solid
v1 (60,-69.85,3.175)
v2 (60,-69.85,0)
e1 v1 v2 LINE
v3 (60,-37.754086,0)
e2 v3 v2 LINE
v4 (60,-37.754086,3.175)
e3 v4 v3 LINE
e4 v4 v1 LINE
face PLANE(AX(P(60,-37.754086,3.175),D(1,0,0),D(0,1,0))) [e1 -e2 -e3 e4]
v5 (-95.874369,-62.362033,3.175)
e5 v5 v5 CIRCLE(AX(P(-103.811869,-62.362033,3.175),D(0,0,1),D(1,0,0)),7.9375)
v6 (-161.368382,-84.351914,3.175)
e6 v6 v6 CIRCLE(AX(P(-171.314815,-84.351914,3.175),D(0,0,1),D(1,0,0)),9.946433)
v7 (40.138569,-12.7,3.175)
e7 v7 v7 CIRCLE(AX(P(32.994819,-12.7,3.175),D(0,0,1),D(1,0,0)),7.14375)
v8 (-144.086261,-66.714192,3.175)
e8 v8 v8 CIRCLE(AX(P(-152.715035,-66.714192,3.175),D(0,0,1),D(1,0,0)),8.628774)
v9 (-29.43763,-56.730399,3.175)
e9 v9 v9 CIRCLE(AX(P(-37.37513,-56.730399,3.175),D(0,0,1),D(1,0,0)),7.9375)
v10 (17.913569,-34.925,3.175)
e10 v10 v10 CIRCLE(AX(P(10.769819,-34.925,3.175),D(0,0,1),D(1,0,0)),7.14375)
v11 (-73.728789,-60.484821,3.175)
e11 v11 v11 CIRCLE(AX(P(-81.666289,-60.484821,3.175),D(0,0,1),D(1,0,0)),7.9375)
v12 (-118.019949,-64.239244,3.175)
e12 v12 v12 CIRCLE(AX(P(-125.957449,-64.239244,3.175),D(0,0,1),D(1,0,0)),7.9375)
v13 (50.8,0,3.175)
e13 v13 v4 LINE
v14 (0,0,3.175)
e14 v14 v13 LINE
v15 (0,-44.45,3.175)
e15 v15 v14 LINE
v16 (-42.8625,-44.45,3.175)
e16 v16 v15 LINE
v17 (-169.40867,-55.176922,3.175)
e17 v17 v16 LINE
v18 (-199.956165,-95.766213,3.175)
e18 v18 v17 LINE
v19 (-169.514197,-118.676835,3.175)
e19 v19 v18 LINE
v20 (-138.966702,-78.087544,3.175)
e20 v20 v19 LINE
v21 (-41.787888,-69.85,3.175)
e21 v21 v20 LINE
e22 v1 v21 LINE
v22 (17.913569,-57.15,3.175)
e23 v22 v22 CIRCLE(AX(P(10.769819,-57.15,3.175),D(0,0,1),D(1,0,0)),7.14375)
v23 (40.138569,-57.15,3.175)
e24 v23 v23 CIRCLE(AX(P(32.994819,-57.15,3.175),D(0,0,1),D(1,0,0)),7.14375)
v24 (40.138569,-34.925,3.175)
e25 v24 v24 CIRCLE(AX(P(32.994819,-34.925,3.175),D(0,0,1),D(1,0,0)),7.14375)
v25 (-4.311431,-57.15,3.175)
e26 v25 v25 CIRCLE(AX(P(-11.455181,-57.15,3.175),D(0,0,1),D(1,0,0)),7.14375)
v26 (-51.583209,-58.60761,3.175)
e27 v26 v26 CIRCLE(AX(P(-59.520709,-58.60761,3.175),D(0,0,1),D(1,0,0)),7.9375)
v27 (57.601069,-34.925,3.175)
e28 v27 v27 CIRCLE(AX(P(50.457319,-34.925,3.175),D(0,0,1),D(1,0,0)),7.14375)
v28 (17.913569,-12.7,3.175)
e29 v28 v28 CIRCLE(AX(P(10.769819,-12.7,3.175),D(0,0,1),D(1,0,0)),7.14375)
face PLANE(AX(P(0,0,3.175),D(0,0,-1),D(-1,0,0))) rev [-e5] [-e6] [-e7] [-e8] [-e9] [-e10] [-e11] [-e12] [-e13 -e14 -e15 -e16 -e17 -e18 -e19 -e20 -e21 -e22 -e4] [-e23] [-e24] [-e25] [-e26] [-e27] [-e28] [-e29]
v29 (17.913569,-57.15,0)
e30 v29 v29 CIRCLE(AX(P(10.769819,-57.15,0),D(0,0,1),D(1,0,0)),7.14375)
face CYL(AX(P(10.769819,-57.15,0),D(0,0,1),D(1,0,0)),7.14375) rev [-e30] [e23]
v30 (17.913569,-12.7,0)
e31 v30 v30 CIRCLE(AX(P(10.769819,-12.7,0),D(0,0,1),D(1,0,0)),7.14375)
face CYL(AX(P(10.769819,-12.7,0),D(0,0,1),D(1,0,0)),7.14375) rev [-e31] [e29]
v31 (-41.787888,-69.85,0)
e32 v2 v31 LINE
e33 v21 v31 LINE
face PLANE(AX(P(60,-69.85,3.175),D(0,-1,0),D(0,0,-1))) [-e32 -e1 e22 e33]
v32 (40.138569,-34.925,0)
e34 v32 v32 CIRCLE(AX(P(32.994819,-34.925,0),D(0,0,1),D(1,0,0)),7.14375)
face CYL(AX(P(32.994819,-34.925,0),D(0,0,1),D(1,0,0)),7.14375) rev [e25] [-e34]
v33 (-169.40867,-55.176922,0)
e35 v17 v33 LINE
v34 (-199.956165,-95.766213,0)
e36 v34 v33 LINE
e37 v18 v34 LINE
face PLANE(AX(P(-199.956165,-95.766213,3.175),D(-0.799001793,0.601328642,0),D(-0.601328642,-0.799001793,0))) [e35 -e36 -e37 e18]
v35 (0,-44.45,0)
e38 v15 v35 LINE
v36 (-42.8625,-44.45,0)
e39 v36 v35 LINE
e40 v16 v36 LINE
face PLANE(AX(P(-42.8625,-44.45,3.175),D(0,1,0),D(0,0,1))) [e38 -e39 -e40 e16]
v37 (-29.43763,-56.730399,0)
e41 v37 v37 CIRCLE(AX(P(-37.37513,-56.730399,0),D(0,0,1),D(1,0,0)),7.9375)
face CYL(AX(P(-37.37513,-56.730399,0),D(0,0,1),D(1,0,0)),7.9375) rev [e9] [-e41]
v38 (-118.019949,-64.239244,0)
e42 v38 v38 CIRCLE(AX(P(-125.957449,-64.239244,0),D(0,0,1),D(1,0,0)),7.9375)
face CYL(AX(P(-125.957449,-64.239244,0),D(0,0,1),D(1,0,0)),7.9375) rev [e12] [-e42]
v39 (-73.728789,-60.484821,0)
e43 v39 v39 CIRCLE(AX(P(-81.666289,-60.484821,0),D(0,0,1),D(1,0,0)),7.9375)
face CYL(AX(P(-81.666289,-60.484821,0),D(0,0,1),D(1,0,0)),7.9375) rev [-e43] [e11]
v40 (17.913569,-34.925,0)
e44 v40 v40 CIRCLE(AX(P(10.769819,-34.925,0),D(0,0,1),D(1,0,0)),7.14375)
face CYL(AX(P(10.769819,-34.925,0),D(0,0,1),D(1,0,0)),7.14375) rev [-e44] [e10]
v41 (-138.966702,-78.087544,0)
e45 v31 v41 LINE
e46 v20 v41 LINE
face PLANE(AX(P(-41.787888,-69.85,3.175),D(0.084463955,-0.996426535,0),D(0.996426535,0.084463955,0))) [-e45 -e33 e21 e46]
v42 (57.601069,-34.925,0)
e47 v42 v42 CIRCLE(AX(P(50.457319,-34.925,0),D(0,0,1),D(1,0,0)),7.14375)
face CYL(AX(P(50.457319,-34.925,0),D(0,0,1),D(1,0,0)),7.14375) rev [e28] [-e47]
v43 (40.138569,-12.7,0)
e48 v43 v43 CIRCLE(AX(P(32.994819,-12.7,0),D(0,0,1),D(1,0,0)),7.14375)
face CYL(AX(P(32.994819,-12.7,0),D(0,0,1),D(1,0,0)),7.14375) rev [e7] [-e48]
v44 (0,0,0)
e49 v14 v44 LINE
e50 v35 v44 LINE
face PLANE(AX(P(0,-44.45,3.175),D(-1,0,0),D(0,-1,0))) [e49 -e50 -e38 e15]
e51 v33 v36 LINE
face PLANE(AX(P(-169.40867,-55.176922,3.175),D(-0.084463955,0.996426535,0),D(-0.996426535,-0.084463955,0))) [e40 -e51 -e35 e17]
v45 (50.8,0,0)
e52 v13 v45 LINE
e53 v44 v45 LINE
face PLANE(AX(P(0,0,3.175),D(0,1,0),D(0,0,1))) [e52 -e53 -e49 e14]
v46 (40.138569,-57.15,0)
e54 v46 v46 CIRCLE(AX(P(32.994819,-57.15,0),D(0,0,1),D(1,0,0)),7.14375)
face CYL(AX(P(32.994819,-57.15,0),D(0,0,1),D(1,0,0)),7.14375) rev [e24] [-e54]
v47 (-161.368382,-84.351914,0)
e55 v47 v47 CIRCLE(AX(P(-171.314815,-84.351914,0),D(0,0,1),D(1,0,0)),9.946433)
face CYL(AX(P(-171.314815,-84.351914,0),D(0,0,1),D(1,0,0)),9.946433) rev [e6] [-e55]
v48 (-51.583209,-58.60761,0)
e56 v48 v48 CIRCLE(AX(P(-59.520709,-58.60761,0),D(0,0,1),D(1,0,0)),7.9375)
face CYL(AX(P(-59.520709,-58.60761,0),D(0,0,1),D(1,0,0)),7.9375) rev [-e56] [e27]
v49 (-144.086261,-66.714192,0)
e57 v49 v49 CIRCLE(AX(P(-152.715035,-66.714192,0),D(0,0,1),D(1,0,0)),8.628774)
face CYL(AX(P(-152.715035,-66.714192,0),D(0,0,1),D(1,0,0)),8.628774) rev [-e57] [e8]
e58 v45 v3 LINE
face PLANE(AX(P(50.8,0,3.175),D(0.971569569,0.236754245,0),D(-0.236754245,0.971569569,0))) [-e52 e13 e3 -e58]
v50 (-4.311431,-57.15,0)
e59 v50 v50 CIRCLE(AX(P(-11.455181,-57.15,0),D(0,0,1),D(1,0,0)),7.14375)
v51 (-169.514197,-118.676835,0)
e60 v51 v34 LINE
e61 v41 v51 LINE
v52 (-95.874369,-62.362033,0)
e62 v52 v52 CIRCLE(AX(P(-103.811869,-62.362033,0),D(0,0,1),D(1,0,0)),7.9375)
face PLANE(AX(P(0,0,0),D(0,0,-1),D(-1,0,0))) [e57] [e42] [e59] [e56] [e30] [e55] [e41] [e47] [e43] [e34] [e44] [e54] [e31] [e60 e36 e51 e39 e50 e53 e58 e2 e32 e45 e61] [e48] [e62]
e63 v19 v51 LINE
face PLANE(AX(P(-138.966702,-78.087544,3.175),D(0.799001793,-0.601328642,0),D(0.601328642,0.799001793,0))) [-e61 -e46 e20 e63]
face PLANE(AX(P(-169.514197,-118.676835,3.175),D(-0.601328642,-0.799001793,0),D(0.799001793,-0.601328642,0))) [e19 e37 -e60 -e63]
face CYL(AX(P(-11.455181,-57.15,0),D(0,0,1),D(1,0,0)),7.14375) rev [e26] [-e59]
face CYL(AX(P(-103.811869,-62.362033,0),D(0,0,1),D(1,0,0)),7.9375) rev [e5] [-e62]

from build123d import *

# Parameters (mm, degrees)
BOSS_EXTRUDE1_DEPTH = 3.175
SKETCH2_R           = 9.946432709
SKETCH2_R_2         = 8.628774031
SKETCH2_R_3         = 7.9375
SKETCH2_R_4         = 7.14375
CUT_EXTRUDE1_DEPTH  = 4.175


with BuildPart() as part:
    # Sketch1 → Boss-Extrude1 (new body)
    with BuildSketch(Plane.XY):
        Polygon((0, 0), (50.8, 0), (60, -37.754085603), (60, -69.85), (-41.787887726, -69.85), (-138.966701689, -78.087543548), (-169.514196693, -118.67683461), (-199.95616499, -95.766213357), (-169.408669986, -55.176922294), (-42.8625, -44.45), (0, -44.45), align=None)
    extrude(amount=BOSS_EXTRUDE1_DEPTH)

    # Sketch2 → Cut-Extrude1 (cut, through all)
    with BuildSketch(Plane.XY.offset(3.175)):
        with Locations((-171.31481468, -84.35191449)):
            Circle(SKETCH2_R)
        with Locations((-152.715034722, -66.714192116)):
            Circle(SKETCH2_R_2)
        with Locations((-125.957448531, -64.239244165)):
            Circle(SKETCH2_R_3)
        with Locations((-103.811868784, -62.362032763)):
            Circle(SKETCH2_R_3)
        with Locations((-81.666289037, -60.484821362)):
            Circle(SKETCH2_R_3)
        with Locations((-59.52070929, -58.60760996)):
            Circle(SKETCH2_R_3)
        with Locations((-37.375129542, -56.730398559)):
            Circle(SKETCH2_R_3)
        with Locations((-11.455180712, -57.15)):
            Circle(SKETCH2_R_4)
        with Locations((10.769819288, -57.15)):
            Circle(SKETCH2_R_4)
        with Locations((32.994819288, -57.15)):
            Circle(SKETCH2_R_4)
        with Locations((10.769819288, -34.925)):
            Circle(SKETCH2_R_4)
        with Locations((32.994819288, -34.925)):
            Circle(SKETCH2_R_4)
        with Locations((10.769819288, -12.7)):
            Circle(SKETCH2_R_4)
        with Locations((32.994819288, -12.7)):
            Circle(SKETCH2_R_4)
        with Locations((-11.455180712, -34.925)):
            Circle(SKETCH2_R_4)
        with Locations((-11.455180712, -12.7)):
            Circle(SKETCH2_R_4)
        with Locations((50.457319288, -34.925)):
            Circle(SKETCH2_R_4)
    extrude(amount=-CUT_EXTRUDE1_DEPTH, mode=Mode.SUBTRACT)


solid = part.part
